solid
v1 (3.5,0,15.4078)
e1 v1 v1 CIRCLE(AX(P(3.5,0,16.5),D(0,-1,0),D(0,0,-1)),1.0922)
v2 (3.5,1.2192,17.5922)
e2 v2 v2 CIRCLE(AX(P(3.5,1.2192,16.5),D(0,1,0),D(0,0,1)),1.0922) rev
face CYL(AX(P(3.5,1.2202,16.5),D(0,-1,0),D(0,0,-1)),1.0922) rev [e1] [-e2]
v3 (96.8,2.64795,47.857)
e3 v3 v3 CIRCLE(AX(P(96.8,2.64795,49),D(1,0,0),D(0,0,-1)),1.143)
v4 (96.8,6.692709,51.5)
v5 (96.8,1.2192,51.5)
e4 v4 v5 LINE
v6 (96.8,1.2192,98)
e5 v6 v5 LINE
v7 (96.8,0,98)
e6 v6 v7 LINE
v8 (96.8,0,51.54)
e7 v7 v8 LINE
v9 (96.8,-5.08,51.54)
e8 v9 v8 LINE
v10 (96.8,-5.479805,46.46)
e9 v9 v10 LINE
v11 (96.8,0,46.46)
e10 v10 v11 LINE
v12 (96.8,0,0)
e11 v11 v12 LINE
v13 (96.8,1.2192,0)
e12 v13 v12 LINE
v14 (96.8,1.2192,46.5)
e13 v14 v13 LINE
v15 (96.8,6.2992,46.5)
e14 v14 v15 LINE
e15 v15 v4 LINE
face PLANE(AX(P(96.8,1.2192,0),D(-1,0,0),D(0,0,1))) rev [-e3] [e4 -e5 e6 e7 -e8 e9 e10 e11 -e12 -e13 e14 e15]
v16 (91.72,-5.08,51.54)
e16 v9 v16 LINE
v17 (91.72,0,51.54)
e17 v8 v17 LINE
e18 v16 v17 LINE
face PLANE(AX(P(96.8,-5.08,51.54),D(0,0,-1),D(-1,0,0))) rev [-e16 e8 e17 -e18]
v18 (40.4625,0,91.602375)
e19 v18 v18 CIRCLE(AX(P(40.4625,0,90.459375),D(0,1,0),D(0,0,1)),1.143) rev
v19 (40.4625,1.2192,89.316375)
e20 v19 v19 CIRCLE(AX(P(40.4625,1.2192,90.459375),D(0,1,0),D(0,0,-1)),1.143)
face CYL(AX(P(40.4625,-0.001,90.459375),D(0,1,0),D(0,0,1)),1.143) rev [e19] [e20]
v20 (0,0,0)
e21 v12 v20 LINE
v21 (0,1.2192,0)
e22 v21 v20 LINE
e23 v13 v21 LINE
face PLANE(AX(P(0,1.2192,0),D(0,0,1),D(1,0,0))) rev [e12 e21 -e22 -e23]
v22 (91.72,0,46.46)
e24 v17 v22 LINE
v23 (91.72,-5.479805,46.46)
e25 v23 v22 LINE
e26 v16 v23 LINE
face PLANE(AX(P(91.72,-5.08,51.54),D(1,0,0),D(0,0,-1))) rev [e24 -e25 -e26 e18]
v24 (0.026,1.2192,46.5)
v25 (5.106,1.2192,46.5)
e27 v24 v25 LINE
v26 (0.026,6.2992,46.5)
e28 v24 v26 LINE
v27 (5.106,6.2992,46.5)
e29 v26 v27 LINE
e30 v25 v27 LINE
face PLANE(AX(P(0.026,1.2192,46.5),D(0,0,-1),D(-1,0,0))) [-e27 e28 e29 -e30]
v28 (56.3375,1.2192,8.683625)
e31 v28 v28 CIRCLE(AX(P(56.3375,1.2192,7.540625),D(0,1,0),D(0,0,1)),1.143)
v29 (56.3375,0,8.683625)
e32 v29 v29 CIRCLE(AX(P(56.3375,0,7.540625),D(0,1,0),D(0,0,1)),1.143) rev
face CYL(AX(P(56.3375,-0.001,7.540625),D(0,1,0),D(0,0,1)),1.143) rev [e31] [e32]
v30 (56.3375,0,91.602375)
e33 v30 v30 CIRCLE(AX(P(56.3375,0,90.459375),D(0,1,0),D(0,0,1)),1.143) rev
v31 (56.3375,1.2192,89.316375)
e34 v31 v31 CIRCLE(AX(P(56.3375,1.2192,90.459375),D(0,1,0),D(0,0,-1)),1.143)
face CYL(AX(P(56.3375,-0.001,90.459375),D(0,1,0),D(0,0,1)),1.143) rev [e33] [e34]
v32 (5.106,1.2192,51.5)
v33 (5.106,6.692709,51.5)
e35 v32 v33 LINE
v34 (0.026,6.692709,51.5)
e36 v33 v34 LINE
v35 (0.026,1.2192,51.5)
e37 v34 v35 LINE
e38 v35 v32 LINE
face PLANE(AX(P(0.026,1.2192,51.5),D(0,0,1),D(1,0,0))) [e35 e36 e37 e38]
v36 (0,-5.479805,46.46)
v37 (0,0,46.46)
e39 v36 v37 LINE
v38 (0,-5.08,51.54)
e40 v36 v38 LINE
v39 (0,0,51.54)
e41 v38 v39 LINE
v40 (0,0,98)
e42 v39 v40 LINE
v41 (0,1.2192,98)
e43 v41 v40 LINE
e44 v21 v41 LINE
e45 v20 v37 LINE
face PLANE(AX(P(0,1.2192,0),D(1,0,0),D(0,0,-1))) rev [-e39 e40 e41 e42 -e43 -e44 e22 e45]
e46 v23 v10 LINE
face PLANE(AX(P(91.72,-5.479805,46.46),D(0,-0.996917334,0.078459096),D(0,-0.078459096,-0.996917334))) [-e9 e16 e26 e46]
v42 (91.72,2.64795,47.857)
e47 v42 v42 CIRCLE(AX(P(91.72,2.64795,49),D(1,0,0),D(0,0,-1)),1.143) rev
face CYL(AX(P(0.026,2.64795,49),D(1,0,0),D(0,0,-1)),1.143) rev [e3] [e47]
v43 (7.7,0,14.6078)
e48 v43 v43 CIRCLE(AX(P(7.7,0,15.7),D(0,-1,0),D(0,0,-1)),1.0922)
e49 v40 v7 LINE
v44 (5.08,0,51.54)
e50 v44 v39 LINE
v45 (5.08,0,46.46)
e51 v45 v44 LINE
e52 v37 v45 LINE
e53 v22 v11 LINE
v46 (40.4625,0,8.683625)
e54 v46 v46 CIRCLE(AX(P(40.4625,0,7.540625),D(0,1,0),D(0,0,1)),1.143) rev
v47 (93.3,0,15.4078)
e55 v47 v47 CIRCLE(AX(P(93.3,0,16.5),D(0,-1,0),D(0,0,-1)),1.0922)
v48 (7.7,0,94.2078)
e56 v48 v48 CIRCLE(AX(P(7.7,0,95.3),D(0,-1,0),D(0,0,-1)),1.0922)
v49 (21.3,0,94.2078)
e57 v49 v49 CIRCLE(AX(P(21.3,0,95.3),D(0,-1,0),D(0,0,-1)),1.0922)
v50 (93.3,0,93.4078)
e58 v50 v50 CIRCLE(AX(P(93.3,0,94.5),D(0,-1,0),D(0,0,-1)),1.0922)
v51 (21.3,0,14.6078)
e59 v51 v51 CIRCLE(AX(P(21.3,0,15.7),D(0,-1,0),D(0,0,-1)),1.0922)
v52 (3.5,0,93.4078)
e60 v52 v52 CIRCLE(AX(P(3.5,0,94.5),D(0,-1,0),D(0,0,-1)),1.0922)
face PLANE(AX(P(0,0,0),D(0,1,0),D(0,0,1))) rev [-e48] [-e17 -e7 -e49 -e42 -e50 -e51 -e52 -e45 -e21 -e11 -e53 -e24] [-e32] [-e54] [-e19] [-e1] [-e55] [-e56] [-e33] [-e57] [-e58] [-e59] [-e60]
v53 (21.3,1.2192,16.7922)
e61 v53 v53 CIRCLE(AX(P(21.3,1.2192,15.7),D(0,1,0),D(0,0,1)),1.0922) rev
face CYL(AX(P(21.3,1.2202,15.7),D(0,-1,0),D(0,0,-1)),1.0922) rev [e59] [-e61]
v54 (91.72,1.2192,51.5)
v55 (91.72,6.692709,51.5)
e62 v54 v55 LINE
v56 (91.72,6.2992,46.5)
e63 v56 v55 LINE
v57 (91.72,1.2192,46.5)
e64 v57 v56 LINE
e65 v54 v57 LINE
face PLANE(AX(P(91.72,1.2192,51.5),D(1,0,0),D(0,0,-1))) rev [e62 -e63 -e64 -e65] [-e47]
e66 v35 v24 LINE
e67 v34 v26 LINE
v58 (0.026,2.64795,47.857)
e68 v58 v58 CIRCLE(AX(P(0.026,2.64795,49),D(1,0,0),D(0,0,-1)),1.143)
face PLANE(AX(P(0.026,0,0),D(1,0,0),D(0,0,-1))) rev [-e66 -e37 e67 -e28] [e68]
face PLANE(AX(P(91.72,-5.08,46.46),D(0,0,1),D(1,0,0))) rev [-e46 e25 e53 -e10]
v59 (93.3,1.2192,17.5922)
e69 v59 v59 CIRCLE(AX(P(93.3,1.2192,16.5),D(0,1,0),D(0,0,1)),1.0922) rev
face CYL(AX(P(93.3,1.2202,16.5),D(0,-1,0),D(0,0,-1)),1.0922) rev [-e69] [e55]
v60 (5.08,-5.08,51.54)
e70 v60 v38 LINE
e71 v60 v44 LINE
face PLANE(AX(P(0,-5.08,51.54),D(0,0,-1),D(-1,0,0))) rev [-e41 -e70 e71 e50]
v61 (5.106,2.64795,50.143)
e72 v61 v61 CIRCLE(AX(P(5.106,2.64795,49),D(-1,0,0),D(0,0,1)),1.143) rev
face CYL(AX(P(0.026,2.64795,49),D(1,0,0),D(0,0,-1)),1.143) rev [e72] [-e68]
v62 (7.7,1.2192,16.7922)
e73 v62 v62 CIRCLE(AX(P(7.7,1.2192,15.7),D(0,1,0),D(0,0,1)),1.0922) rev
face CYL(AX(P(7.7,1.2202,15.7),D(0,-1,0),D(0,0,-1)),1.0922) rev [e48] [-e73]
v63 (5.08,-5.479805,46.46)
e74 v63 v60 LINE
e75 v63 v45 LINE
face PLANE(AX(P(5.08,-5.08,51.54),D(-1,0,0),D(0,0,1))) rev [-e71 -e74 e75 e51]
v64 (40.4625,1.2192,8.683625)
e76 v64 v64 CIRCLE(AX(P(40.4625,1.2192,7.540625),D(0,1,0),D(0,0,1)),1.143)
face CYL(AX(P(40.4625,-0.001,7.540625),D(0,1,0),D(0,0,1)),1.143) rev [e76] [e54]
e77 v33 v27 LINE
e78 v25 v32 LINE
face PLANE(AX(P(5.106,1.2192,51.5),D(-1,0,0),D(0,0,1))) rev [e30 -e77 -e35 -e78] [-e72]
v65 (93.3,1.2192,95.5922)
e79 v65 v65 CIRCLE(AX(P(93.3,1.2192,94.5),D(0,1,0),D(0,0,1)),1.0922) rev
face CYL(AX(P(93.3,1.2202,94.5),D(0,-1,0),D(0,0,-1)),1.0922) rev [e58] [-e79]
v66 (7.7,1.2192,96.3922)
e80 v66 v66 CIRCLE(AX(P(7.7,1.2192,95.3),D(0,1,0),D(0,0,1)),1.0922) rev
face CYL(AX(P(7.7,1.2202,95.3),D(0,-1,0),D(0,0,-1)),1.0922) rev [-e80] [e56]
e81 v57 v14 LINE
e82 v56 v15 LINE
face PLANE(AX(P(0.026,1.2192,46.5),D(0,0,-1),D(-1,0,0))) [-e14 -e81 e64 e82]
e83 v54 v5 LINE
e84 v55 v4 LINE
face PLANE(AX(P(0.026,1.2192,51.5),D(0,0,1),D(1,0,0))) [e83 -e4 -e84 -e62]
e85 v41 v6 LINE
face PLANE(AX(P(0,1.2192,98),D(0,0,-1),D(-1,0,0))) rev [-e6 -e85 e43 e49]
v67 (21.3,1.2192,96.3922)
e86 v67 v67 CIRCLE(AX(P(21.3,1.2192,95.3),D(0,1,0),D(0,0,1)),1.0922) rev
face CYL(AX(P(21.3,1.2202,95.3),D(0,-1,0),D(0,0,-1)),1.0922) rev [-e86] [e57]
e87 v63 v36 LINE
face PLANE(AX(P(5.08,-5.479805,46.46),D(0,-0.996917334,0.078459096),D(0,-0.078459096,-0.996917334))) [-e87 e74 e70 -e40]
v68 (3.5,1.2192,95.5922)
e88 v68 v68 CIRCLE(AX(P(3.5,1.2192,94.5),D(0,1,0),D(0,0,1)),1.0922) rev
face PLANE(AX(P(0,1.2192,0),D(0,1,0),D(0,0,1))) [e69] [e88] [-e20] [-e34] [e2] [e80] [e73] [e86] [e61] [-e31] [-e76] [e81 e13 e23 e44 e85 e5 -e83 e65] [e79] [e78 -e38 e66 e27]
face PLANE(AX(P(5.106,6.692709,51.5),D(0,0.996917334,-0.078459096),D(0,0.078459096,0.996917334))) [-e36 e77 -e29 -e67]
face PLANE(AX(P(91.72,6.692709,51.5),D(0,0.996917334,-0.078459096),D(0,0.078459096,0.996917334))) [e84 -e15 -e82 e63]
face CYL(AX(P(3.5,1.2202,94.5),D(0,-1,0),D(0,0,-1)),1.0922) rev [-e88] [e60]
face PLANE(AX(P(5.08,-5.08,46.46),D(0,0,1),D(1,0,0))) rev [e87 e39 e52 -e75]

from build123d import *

# Parameters (mm, degrees)
SKETCH1_W           = 96.799999948
SKETCH1_H           = 98
BOSS_EXTRUDE1_DEPTH = 1.2192
CUT_EXTRUDE1_REACH  = 139.752
SKETCH5_R           = 1.0922
CUT_EXTRUDE2_REACH  = 139.752
SKETCH6_R           = 1.143
SKETCH10_W          = 5
SKETCH10_H          = 5.08
SKETCH10_R          = 1.143
BOSS_EXTRUDE2_DEPTH = 96.774
SKETCH13_W          = 86.614
SKETCH13_H          = 5
CUT_EXTRUDE3_DEPTH  = 5.08
BOSS_EXTRUDE3_DEPTH = 5.08
BOSS_EXTRUDE5_DEPTH = 5.08
BOSS_EXTRUDE6_DEPTH = 5.08
BOSS_EXTRUDE7_DEPTH = 5.08
BOSS_EXTRUDE8_DEPTH = 5.08


with BuildPart() as part:
    # Sketch1 → Boss-Extrude1 (new body)
    with BuildSketch(Plane(origin=(0, 0, 0), x_dir=(1, 0, 0), z_dir=(0, 1, 0))):
        with Locations((48.399999974, -49)):
            Rectangle(SKETCH1_W, SKETCH1_H)
    extrude(amount=BOSS_EXTRUDE1_DEPTH)

    # Sketch5 → Cut-Extrude1 (cut, up to next)
    with BuildSketch(Plane(origin=(0, 0, 0), x_dir=(-1, 0, 0), z_dir=(0, -1, 0)), mode=Mode.PRIVATE) as cut_extrude1_sk1:
        with Locations(Location((-3.5, -94.5, 0), (0, 0, 90))):
            Circle(SKETCH5_R)
    cut_extrude1_tool1 = extrude(cut_extrude1_sk1.sketch, amount=-CUT_EXTRUDE1_REACH, mode=Mode.PRIVATE) & part.part
    # Sketch5 → Cut-Extrude1 (cut, up to next)
    with BuildSketch(Plane(origin=(0, 0, 0), x_dir=(-1, 0, 0), z_dir=(0, -1, 0)), mode=Mode.PRIVATE) as cut_extrude1_sk2:
        with Locations(Location((-7.7, -95.3, 0), (0, 0, 90))):
            Circle(SKETCH5_R)
    cut_extrude1_tool2 = extrude(cut_extrude1_sk2.sketch, amount=-CUT_EXTRUDE1_REACH, mode=Mode.PRIVATE) & part.part
    # Sketch5 → Cut-Extrude1 (cut, up to next)
    with BuildSketch(Plane(origin=(0, 0, 0), x_dir=(-1, 0, 0), z_dir=(0, -1, 0)), mode=Mode.PRIVATE) as cut_extrude1_sk3:
        with Locations(Location((-21.3, -95.3, 0), (0, 0, 90))):
            Circle(SKETCH5_R)
    cut_extrude1_tool3 = extrude(cut_extrude1_sk3.sketch, amount=-CUT_EXTRUDE1_REACH, mode=Mode.PRIVATE) & part.part
    # Sketch5 → Cut-Extrude1 (cut, up to next)
    with BuildSketch(Plane(origin=(0, 0, 0), x_dir=(-1, 0, 0), z_dir=(0, -1, 0)), mode=Mode.PRIVATE) as cut_extrude1_sk4:
        with Locations(Location((-93.3, -94.5, 0), (0, 0, 90))):
            Circle(SKETCH5_R)
    cut_extrude1_tool4 = extrude(cut_extrude1_sk4.sketch, amount=-CUT_EXTRUDE1_REACH, mode=Mode.PRIVATE) & part.part
    # Sketch5 → Cut-Extrude1 (cut, up to next)
    with BuildSketch(Plane(origin=(0, 0, 0), x_dir=(-1, 0, 0), z_dir=(0, -1, 0)), mode=Mode.PRIVATE) as cut_extrude1_sk5:
        with Locations(Location((-93.3, -16.5, 0), (0, 0, 90))):
            Circle(SKETCH5_R)
    cut_extrude1_tool5 = extrude(cut_extrude1_sk5.sketch, amount=-CUT_EXTRUDE1_REACH, mode=Mode.PRIVATE) & part.part
    # Sketch5 → Cut-Extrude1 (cut, up to next)
    with BuildSketch(Plane(origin=(0, 0, 0), x_dir=(-1, 0, 0), z_dir=(0, -1, 0)), mode=Mode.PRIVATE) as cut_extrude1_sk6:
        with Locations(Location((-3.5, -16.5, 0), (0, 0, 90))):
            Circle(SKETCH5_R)
    cut_extrude1_tool6 = extrude(cut_extrude1_sk6.sketch, amount=-CUT_EXTRUDE1_REACH, mode=Mode.PRIVATE) & part.part
    # Sketch5 → Cut-Extrude1 (cut, up to next)
    with BuildSketch(Plane(origin=(0, 0, 0), x_dir=(-1, 0, 0), z_dir=(0, -1, 0)), mode=Mode.PRIVATE) as cut_extrude1_sk7:
        with Locations(Location((-7.7, -15.7, 0), (0, 0, 90))):
            Circle(SKETCH5_R)
    cut_extrude1_tool7 = extrude(cut_extrude1_sk7.sketch, amount=-CUT_EXTRUDE1_REACH, mode=Mode.PRIVATE) & part.part
    # Sketch5 → Cut-Extrude1 (cut, up to next)
    with BuildSketch(Plane(origin=(0, 0, 0), x_dir=(-1, 0, 0), z_dir=(0, -1, 0)), mode=Mode.PRIVATE) as cut_extrude1_sk8:
        with Locations(Location((-21.3, -15.7, 0), (0, 0, 90))):
            Circle(SKETCH5_R)
    cut_extrude1_tool8 = extrude(cut_extrude1_sk8.sketch, amount=-CUT_EXTRUDE1_REACH, mode=Mode.PRIVATE) & part.part
    add(cut_extrude1_tool1.solids().sort_by_distance((3.5, 0, 94.5))[0], mode=Mode.SUBTRACT)
    add(cut_extrude1_tool2.solids().sort_by_distance((7.7, 0, 95.3))[0], mode=Mode.SUBTRACT)
    add(cut_extrude1_tool3.solids().sort_by_distance((21.3, 0, 95.3))[0], mode=Mode.SUBTRACT)
    add(cut_extrude1_tool4.solids().sort_by_distance((93.3, 0, 94.5))[0], mode=Mode.SUBTRACT)
    add(cut_extrude1_tool5.solids().sort_by_distance((93.3, 0, 16.5))[0], mode=Mode.SUBTRACT)
    add(cut_extrude1_tool6.solids().sort_by_distance((3.5, 0, 16.5))[0], mode=Mode.SUBTRACT)
    add(cut_extrude1_tool7.solids().sort_by_distance((7.7, 0, 15.7))[0], mode=Mode.SUBTRACT)
    add(cut_extrude1_tool8.solids().sort_by_distance((21.3, 0, 15.7))[0], mode=Mode.SUBTRACT)

    # Sketch6 → Cut-Extrude2 (cut, up to next)
    with BuildSketch(Plane(origin=(0, 1.2192, 0), x_dir=(1, 0, 0), z_dir=(0, 1, 0)), mode=Mode.PRIVATE) as cut_extrude2_sk1:
        with Locations(Location((56.337499948, -7.540625, 0), (0, 0, 270))):
            Circle(SKETCH6_R)
    cut_extrude2_tool1 = extrude(cut_extrude2_sk1.sketch, amount=-CUT_EXTRUDE2_REACH, mode=Mode.PRIVATE) & part.part
    # Sketch6 → Cut-Extrude2 (cut, up to next)
    with BuildSketch(Plane(origin=(0, 1.2192, 0), x_dir=(1, 0, 0), z_dir=(0, 1, 0)), mode=Mode.PRIVATE) as cut_extrude2_sk2:
        with Locations(Location((40.462499948, -7.540625, 0), (0, 0, 270))):
            Circle(SKETCH6_R)
    cut_extrude2_tool2 = extrude(cut_extrude2_sk2.sketch, amount=-CUT_EXTRUDE2_REACH, mode=Mode.PRIVATE) & part.part
    # Sketch6 → Cut-Extrude2 (cut, up to next)
    with BuildSketch(Plane(origin=(0, 1.2192, 0), x_dir=(1, 0, 0), z_dir=(0, 1, 0)), mode=Mode.PRIVATE) as cut_extrude2_sk3:
        with Locations(Location((40.462499948, -90.459375, 0), (0, 0, 270))):
            Circle(SKETCH6_R)
    cut_extrude2_tool3 = extrude(cut_extrude2_sk3.sketch, amount=-CUT_EXTRUDE2_REACH, mode=Mode.PRIVATE) & part.part
    # Sketch6 → Cut-Extrude2 (cut, up to next)
    with BuildSketch(Plane(origin=(0, 1.2192, 0), x_dir=(1, 0, 0), z_dir=(0, 1, 0)), mode=Mode.PRIVATE) as cut_extrude2_sk4:
        with Locations(Location((56.337499948, -90.459375, 0), (0, 0, 270))):
            Circle(SKETCH6_R)
    cut_extrude2_tool4 = extrude(cut_extrude2_sk4.sketch, amount=-CUT_EXTRUDE2_REACH, mode=Mode.PRIVATE) & part.part
    add(cut_extrude2_tool1.solids().sort_by_distance((56.3375, 1.2192, 7.540625))[0], mode=Mode.SUBTRACT)
    add(cut_extrude2_tool2.solids().sort_by_distance((40.4625, 1.2192, 7.540625))[0], mode=Mode.SUBTRACT)
    add(cut_extrude2_tool3.solids().sort_by_distance((40.4625, 1.2192, 90.459375))[0], mode=Mode.SUBTRACT)
    add(cut_extrude2_tool4.solids().sort_by_distance((56.3375, 1.2192, 90.459375))[0], mode=Mode.SUBTRACT)

    # Sketch10 → Boss-Extrude2 (add)
    with BuildSketch(Plane(origin=(96.799999948, 0, 0), x_dir=(0, 0, -1), z_dir=(1, 0, 0))):
        with Locations((-49, 3.7592)):
            Rectangle(SKETCH10_W, SKETCH10_H)
        with Locations((-49, 2.64795)):
            Circle(SKETCH10_R, mode=Mode.SUBTRACT)
    extrude(amount=-BOSS_EXTRUDE2_DEPTH)

    # Sketch13 → Cut-Extrude3 (cut)
    with BuildSketch(Plane(origin=(0, 6.2992, 0), x_dir=(1, 0, 0), z_dir=(0, 1, 0))):
        with Locations((48.412999948, -49)):
            Rectangle(SKETCH13_W, SKETCH13_H)
    extrude(amount=-CUT_EXTRUDE3_DEPTH, mode=Mode.SUBTRACT)

    # Sketch14 → Boss-Extrude3 (add)
    with BuildSketch(Plane.XZ):
        Polygon((0, 49), (0, 51.54), (5.08, 51.54), (5.08, 46.46), (0, 46.46), align=None)
        Polygon((96.799999948, 49), (96.799999948, 51.54), (91.719999948, 51.54), (91.719999948, 46.46), (96.799999948, 46.46), align=None)
    extrude(amount=BOSS_EXTRUDE3_DEPTH)

    # Sketch15 → Boss-Extrude5 (add)
    with BuildSketch(Plane.ZY):
        Polygon((51.54, -5.08), (46.46, -5.08), (46.46, -5.479804671), align=None)
    extrude(amount=-BOSS_EXTRUDE5_DEPTH)

    # Sketch16 → Boss-Extrude6 (add)
    with BuildSketch(Plane(origin=(96.799999948, 0, 0), x_dir=(0, 0, -1), z_dir=(1, 0, 0))):
        Polygon((-46.46, -5.08), (-51.54, -5.08), (-46.46, -5.479804671), align=None)
    extrude(amount=-BOSS_EXTRUDE6_DEPTH)

    # Sketch17 → Boss-Extrude7 (add)
    with BuildSketch(Plane(origin=(96.799999948, 0, 0), x_dir=(0, 0, -1), z_dir=(1, 0, 0))):
        Polygon((-46.5, 6.2992), (-51.5, 6.2992), (-51.5, 6.692708534), align=None)
    extrude(amount=-BOSS_EXTRUDE7_DEPTH)

    # Sketch18 → Boss-Extrude8 (add)
    with BuildSketch(Plane.ZY.offset(-0.025999948)):
        Polygon((46.5, 6.2992), (51.5, 6.2992), (51.5, 6.692708534), align=None)
    extrude(amount=-BOSS_EXTRUDE8_DEPTH)


solid = part.part
